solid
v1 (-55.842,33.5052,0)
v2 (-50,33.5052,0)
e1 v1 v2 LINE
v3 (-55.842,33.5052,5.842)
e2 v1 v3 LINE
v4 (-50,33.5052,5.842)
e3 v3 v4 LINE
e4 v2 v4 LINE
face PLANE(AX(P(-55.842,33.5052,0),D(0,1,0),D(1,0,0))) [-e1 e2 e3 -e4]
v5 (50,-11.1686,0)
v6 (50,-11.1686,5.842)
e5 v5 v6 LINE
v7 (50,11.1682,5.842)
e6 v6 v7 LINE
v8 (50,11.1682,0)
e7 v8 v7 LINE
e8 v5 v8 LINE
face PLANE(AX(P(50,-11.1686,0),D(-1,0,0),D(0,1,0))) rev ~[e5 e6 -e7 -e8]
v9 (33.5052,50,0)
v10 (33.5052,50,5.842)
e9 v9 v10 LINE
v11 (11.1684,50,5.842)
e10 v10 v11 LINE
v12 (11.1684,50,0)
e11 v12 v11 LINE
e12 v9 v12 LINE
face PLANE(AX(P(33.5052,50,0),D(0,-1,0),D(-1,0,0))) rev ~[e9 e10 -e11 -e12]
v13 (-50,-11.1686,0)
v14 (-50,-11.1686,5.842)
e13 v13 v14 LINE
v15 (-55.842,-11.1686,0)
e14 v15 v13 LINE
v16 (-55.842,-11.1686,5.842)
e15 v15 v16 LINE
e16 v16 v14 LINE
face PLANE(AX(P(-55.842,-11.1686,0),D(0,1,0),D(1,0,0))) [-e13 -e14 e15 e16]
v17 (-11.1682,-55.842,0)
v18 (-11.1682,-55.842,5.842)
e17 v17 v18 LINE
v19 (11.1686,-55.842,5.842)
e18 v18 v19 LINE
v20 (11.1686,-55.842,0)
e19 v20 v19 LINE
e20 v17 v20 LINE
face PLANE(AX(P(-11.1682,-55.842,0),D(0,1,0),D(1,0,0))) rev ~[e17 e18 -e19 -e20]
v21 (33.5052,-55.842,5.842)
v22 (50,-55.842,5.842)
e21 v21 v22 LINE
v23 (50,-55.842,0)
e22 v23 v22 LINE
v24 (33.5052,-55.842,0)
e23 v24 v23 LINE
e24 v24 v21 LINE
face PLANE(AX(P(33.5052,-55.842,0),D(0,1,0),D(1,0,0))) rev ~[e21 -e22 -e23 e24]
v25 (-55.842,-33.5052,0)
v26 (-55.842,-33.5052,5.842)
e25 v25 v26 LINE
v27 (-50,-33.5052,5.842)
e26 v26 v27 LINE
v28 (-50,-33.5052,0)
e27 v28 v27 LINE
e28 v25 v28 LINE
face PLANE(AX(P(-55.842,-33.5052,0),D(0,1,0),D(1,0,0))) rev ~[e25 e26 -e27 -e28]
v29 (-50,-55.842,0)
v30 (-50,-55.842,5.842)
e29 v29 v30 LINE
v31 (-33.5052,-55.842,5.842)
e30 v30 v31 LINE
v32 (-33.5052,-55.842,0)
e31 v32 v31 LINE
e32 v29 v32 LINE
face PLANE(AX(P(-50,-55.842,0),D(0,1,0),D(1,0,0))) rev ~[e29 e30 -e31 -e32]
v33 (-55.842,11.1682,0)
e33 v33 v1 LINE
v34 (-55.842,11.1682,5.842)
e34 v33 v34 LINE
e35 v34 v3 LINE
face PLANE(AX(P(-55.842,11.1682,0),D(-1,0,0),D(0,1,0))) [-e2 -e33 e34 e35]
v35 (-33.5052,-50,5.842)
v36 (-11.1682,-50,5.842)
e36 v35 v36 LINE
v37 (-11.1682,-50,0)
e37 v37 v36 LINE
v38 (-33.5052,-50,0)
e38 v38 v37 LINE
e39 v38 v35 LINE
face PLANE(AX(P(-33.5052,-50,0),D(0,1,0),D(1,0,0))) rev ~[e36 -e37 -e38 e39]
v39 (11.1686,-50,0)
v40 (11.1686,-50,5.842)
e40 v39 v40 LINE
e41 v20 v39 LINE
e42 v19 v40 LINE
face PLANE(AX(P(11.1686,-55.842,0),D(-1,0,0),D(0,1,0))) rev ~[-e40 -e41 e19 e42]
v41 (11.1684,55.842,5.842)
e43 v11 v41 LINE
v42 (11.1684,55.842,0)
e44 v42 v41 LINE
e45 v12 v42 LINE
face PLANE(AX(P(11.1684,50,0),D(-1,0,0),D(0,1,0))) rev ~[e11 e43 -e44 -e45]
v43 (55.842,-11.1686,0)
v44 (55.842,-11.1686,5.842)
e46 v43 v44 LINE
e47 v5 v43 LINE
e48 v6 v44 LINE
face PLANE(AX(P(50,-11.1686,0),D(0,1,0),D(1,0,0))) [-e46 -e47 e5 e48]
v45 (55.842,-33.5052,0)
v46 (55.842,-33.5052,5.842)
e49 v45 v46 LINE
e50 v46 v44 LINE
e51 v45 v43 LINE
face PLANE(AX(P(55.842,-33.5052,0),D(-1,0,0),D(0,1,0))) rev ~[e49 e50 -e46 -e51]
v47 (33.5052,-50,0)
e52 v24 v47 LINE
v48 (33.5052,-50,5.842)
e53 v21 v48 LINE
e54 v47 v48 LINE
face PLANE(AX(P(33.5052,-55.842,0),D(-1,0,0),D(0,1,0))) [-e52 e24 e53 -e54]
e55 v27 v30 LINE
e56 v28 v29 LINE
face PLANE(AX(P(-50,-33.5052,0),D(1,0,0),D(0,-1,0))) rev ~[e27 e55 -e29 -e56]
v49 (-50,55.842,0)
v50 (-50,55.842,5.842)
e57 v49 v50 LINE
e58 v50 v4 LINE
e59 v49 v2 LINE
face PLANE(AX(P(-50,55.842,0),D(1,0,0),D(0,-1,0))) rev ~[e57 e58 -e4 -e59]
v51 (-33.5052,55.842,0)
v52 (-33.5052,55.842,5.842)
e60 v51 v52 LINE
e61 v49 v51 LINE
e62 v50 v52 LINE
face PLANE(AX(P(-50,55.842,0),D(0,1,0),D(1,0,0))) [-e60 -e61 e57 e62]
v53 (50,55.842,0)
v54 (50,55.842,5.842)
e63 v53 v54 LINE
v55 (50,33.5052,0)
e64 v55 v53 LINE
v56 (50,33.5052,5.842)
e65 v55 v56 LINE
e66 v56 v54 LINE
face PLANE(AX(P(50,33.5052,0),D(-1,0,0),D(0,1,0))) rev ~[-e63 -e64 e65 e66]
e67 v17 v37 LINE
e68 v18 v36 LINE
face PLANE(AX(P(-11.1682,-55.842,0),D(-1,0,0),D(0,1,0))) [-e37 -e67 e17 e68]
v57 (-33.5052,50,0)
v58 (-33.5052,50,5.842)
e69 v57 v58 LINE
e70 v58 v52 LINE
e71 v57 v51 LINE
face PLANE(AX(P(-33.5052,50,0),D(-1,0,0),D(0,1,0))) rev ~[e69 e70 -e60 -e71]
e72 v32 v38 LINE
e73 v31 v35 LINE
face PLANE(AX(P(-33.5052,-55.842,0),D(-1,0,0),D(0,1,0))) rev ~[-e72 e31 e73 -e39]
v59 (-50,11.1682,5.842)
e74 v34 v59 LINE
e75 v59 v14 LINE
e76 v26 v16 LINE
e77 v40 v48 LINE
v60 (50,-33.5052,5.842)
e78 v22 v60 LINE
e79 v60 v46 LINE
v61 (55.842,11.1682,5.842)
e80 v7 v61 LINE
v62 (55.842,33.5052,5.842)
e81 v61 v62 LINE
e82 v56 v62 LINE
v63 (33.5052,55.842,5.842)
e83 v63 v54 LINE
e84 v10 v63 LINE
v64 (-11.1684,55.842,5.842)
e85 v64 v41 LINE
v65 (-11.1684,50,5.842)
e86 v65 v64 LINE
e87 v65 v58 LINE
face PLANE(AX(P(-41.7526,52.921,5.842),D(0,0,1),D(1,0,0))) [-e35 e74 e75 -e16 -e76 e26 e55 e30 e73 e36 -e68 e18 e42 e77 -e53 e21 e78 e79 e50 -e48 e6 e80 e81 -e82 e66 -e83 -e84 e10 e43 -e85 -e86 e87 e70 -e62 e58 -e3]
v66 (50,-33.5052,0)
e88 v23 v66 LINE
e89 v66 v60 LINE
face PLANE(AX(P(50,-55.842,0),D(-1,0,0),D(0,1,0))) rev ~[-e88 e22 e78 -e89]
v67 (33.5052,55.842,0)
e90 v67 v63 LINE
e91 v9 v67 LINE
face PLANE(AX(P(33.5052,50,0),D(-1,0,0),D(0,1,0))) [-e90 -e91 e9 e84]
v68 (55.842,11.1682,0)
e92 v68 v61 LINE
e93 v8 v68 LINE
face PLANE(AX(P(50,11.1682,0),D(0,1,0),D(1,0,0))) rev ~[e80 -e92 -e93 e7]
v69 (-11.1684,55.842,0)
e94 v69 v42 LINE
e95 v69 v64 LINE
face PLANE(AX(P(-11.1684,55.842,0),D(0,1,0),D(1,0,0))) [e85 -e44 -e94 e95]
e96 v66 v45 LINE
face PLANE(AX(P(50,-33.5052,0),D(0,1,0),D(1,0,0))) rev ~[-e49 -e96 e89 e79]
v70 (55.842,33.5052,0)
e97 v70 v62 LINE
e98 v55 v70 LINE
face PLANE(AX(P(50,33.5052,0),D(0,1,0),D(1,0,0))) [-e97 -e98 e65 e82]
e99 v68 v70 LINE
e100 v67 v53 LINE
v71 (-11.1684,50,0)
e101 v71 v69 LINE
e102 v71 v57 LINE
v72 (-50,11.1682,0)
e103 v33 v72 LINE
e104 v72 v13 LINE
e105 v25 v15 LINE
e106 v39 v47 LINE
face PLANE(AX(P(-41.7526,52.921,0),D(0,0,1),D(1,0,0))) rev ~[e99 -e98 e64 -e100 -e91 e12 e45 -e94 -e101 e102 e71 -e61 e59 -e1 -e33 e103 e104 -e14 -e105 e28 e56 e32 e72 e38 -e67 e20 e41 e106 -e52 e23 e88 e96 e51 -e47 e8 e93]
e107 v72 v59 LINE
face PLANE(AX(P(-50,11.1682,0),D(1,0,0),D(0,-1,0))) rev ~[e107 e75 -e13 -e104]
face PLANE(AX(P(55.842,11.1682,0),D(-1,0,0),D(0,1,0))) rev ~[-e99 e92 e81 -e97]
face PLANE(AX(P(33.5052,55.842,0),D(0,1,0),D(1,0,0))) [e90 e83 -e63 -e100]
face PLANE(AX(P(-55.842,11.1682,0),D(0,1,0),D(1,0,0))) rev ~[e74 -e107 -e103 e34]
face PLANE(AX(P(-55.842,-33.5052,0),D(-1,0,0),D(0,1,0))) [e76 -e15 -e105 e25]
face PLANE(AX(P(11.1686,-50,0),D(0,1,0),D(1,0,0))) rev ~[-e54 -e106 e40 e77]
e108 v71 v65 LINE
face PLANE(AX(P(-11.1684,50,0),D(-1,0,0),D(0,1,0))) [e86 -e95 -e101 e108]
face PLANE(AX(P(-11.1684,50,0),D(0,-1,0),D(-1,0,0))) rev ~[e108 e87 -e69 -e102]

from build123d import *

# Parameters (mm, degrees)
F0_W     = 16.4948
F0_H     = 5.842
F0_W_2   = 5.842
F0_H_2   = 22.337
F0_W_3   = 22.3368
F0_H_3   = 22.3366
F1_DEPTH = 5.842


with BuildPart() as f1:
    # F0 (on Top) → F1 (new body)
    with BuildSketch(Plane.XY):
        with Locations((-41.7526, 52.921)):
            Rectangle(F0_W, F0_H)
        Polygon((-33.5052, 50), (-50, 50), (-50, 33.5052), (-50, 11.1682), (-50, -11.1686), (-50, -33.5052), (-50, -50), (-33.5052, -50), (-11.1682, -50), (11.1686, -50), (33.5052, -50), (50, -50), (50, -33.5052), (50, -11.1686), (50, 11.1682), (50, 33.5052), (50, 50), (33.5052, 50), (11.1684, 50), (-11.1684, 50), align=None)
        with Locations((-52.921, 22.3367)):
            Rectangle(F0_W_2, F0_H_2)
        with Locations((0, 52.921)):
            Rectangle(F0_W_3, F0_H)
        with Locations((-52.921, -22.3369)):
            Rectangle(F0_W_2, F0_H_3)
        with Locations((41.7526, 52.921)):
            Rectangle(F0_W, F0_H)
        with Locations((-41.7526, -52.921)):
            Rectangle(F0_W, F0_H)
        with Locations((52.921, 22.3367)):
            Rectangle(F0_W_2, F0_H_2)
        with Locations((0.0002, -52.921)):
            Rectangle(F0_W_3, F0_H)
        with Locations((52.921, -22.3369)):
            Rectangle(F0_W_2, F0_H_3)
        with Locations((41.7526, -52.921)):
            Rectangle(F0_W, F0_H)
    extrude(amount=F1_DEPTH)


solid = f1.part
